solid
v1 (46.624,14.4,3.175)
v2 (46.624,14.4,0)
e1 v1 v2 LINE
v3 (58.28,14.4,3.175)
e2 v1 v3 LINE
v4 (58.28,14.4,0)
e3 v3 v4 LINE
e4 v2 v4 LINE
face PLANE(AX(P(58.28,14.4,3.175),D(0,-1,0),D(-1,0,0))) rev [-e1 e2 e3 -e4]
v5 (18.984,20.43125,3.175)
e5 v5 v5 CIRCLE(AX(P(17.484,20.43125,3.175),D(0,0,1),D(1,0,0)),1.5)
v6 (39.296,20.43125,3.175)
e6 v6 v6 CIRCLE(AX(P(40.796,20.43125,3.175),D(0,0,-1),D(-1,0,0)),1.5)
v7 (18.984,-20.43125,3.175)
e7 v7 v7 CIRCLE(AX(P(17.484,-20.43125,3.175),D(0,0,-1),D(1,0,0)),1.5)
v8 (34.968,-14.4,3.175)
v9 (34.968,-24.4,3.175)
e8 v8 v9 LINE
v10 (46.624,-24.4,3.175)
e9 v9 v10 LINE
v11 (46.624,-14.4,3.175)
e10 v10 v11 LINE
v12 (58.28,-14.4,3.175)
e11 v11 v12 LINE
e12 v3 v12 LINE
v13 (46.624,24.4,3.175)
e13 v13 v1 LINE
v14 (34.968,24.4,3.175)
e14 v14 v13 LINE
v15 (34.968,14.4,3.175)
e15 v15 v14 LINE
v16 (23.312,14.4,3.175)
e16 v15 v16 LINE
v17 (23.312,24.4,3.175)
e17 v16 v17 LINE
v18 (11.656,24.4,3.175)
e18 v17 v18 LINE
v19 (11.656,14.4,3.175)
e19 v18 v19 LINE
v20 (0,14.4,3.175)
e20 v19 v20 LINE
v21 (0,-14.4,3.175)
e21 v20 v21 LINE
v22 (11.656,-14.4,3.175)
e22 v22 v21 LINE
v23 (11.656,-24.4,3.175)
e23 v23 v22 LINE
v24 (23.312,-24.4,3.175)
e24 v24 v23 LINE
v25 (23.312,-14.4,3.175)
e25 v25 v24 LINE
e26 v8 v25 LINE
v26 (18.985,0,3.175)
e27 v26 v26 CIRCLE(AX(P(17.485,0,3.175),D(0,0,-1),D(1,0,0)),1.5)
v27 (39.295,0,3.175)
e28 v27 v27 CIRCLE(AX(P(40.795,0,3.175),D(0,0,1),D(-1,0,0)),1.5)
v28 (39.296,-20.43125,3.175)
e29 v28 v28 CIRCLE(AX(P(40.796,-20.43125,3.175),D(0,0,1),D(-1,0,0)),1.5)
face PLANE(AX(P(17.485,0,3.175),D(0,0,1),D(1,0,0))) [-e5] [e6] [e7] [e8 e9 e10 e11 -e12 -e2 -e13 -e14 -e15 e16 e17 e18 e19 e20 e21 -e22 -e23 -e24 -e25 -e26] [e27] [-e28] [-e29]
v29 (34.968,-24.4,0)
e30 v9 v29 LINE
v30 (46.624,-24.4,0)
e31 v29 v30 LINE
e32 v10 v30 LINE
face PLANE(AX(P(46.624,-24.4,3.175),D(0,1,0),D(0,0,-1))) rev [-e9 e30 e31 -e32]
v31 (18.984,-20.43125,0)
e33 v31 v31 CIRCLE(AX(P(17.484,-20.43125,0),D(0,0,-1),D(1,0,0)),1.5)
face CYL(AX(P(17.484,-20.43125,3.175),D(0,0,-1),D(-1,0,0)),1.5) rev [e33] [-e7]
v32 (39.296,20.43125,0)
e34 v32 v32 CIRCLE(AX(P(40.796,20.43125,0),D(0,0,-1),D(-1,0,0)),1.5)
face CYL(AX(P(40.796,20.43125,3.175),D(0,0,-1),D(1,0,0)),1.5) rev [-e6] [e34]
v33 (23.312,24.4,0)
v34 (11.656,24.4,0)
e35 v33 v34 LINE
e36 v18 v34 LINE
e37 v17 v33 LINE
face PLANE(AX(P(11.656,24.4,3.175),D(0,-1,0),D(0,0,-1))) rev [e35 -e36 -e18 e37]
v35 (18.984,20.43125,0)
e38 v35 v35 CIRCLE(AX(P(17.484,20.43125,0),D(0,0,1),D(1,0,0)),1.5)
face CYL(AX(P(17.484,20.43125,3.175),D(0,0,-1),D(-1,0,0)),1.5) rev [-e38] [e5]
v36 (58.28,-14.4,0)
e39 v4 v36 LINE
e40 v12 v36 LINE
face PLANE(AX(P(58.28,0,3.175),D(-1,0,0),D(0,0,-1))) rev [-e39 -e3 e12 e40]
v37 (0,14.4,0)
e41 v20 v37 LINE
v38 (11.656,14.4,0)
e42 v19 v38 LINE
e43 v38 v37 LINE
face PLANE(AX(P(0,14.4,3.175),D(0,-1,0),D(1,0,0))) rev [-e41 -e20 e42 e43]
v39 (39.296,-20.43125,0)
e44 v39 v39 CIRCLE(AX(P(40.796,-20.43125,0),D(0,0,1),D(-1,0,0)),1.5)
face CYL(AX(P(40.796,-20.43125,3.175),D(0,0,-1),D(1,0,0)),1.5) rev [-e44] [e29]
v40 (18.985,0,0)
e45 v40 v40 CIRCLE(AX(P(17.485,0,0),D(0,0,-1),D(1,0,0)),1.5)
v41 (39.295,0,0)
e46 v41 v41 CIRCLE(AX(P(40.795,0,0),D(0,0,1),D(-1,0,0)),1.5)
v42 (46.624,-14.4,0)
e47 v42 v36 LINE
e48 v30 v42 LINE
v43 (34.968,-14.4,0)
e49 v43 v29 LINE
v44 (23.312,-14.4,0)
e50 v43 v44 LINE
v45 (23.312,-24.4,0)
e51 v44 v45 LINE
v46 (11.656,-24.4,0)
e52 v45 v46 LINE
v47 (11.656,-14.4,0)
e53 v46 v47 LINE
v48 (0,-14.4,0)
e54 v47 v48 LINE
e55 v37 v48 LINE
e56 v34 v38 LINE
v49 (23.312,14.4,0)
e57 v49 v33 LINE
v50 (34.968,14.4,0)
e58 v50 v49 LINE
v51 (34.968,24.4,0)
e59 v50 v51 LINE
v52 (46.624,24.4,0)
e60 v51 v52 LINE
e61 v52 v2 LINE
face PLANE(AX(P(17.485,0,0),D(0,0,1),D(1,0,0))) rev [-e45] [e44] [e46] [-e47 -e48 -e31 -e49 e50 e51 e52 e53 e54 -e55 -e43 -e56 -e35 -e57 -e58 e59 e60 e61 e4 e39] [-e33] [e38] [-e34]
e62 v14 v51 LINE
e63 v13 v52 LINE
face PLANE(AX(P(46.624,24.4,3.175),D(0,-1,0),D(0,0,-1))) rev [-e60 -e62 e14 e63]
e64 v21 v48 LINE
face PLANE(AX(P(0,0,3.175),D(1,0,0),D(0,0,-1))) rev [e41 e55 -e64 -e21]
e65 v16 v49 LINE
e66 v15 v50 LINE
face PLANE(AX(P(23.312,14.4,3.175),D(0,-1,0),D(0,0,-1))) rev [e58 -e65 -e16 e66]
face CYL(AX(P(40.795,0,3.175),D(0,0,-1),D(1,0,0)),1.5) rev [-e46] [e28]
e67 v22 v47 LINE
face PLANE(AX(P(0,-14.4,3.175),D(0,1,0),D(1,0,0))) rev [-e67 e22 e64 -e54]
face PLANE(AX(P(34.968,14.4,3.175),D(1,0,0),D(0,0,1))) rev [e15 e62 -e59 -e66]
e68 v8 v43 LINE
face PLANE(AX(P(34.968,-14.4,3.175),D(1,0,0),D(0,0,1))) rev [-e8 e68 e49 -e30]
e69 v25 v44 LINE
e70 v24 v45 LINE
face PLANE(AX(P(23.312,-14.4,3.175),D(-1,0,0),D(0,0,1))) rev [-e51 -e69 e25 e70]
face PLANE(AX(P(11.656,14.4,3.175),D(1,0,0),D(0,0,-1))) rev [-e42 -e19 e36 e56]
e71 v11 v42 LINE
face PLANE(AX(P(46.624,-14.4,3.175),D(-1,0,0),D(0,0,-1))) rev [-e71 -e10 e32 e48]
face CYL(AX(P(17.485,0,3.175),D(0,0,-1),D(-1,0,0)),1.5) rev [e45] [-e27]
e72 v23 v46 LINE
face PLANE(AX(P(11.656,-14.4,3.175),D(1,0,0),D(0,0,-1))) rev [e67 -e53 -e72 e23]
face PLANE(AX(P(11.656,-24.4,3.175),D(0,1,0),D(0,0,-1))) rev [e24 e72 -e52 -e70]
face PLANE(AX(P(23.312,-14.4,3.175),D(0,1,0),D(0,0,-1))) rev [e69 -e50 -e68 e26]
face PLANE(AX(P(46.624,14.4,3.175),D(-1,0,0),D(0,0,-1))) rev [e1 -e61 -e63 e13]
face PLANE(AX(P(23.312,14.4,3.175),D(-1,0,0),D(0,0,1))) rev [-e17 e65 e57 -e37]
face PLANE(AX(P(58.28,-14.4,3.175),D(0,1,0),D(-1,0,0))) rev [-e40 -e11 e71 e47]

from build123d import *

# Parameters (mm, degrees)
SKETCH2_R           = 1.5
BOSS_EXTRUDE1_DEPTH = 3.175


with BuildPart() as part:
    # Sketch2 → Boss-Extrude1 (new body)
    with BuildSketch(Plane.XY):
        with BuildLine():
            Line((23.312, 14.4), (29.14, 14.4))
            Line((29.14, 14.4), (29.14, 0))
            Line((29.14, 0), (18.985, 0))
            ThreePointArc((18.985, 0), (17.485, 1.5), (15.985, 0))
            Line((15.985, 0), (0, 0))
            Line((0, 0), (0, 14.4))
            Line((0, 14.4), (11.656, 14.4))
            Line((11.656, 14.4), (11.656, 24.4))
            Line((11.656, 24.4), (23.312, 24.4))
            Line((23.312, 24.4), (23.312, 14.4))
        make_face()
        with Locations((17.484, 20.43125)):
            Circle(SKETCH2_R, mode=Mode.SUBTRACT)
    extrude(amount=BOSS_EXTRUDE1_DEPTH)

    # Mirror1: part across plane


with BuildPart() as part_1:
    add(part.part)
    add(part.part.mirror(Plane(origin=(0, 0, 3.175), x_dir=(0, 0, 1), z_dir=(0, 1, 0))))

    # Mirror2: part across plane


with BuildPart() as part_2:
    add(part_1.part)
    add(part_1.part.mirror(Plane(origin=(29.14, 14.4, 3.175), x_dir=(0, 0, 1), z_dir=(-1, 0, 0))))


solid = part_2.part
